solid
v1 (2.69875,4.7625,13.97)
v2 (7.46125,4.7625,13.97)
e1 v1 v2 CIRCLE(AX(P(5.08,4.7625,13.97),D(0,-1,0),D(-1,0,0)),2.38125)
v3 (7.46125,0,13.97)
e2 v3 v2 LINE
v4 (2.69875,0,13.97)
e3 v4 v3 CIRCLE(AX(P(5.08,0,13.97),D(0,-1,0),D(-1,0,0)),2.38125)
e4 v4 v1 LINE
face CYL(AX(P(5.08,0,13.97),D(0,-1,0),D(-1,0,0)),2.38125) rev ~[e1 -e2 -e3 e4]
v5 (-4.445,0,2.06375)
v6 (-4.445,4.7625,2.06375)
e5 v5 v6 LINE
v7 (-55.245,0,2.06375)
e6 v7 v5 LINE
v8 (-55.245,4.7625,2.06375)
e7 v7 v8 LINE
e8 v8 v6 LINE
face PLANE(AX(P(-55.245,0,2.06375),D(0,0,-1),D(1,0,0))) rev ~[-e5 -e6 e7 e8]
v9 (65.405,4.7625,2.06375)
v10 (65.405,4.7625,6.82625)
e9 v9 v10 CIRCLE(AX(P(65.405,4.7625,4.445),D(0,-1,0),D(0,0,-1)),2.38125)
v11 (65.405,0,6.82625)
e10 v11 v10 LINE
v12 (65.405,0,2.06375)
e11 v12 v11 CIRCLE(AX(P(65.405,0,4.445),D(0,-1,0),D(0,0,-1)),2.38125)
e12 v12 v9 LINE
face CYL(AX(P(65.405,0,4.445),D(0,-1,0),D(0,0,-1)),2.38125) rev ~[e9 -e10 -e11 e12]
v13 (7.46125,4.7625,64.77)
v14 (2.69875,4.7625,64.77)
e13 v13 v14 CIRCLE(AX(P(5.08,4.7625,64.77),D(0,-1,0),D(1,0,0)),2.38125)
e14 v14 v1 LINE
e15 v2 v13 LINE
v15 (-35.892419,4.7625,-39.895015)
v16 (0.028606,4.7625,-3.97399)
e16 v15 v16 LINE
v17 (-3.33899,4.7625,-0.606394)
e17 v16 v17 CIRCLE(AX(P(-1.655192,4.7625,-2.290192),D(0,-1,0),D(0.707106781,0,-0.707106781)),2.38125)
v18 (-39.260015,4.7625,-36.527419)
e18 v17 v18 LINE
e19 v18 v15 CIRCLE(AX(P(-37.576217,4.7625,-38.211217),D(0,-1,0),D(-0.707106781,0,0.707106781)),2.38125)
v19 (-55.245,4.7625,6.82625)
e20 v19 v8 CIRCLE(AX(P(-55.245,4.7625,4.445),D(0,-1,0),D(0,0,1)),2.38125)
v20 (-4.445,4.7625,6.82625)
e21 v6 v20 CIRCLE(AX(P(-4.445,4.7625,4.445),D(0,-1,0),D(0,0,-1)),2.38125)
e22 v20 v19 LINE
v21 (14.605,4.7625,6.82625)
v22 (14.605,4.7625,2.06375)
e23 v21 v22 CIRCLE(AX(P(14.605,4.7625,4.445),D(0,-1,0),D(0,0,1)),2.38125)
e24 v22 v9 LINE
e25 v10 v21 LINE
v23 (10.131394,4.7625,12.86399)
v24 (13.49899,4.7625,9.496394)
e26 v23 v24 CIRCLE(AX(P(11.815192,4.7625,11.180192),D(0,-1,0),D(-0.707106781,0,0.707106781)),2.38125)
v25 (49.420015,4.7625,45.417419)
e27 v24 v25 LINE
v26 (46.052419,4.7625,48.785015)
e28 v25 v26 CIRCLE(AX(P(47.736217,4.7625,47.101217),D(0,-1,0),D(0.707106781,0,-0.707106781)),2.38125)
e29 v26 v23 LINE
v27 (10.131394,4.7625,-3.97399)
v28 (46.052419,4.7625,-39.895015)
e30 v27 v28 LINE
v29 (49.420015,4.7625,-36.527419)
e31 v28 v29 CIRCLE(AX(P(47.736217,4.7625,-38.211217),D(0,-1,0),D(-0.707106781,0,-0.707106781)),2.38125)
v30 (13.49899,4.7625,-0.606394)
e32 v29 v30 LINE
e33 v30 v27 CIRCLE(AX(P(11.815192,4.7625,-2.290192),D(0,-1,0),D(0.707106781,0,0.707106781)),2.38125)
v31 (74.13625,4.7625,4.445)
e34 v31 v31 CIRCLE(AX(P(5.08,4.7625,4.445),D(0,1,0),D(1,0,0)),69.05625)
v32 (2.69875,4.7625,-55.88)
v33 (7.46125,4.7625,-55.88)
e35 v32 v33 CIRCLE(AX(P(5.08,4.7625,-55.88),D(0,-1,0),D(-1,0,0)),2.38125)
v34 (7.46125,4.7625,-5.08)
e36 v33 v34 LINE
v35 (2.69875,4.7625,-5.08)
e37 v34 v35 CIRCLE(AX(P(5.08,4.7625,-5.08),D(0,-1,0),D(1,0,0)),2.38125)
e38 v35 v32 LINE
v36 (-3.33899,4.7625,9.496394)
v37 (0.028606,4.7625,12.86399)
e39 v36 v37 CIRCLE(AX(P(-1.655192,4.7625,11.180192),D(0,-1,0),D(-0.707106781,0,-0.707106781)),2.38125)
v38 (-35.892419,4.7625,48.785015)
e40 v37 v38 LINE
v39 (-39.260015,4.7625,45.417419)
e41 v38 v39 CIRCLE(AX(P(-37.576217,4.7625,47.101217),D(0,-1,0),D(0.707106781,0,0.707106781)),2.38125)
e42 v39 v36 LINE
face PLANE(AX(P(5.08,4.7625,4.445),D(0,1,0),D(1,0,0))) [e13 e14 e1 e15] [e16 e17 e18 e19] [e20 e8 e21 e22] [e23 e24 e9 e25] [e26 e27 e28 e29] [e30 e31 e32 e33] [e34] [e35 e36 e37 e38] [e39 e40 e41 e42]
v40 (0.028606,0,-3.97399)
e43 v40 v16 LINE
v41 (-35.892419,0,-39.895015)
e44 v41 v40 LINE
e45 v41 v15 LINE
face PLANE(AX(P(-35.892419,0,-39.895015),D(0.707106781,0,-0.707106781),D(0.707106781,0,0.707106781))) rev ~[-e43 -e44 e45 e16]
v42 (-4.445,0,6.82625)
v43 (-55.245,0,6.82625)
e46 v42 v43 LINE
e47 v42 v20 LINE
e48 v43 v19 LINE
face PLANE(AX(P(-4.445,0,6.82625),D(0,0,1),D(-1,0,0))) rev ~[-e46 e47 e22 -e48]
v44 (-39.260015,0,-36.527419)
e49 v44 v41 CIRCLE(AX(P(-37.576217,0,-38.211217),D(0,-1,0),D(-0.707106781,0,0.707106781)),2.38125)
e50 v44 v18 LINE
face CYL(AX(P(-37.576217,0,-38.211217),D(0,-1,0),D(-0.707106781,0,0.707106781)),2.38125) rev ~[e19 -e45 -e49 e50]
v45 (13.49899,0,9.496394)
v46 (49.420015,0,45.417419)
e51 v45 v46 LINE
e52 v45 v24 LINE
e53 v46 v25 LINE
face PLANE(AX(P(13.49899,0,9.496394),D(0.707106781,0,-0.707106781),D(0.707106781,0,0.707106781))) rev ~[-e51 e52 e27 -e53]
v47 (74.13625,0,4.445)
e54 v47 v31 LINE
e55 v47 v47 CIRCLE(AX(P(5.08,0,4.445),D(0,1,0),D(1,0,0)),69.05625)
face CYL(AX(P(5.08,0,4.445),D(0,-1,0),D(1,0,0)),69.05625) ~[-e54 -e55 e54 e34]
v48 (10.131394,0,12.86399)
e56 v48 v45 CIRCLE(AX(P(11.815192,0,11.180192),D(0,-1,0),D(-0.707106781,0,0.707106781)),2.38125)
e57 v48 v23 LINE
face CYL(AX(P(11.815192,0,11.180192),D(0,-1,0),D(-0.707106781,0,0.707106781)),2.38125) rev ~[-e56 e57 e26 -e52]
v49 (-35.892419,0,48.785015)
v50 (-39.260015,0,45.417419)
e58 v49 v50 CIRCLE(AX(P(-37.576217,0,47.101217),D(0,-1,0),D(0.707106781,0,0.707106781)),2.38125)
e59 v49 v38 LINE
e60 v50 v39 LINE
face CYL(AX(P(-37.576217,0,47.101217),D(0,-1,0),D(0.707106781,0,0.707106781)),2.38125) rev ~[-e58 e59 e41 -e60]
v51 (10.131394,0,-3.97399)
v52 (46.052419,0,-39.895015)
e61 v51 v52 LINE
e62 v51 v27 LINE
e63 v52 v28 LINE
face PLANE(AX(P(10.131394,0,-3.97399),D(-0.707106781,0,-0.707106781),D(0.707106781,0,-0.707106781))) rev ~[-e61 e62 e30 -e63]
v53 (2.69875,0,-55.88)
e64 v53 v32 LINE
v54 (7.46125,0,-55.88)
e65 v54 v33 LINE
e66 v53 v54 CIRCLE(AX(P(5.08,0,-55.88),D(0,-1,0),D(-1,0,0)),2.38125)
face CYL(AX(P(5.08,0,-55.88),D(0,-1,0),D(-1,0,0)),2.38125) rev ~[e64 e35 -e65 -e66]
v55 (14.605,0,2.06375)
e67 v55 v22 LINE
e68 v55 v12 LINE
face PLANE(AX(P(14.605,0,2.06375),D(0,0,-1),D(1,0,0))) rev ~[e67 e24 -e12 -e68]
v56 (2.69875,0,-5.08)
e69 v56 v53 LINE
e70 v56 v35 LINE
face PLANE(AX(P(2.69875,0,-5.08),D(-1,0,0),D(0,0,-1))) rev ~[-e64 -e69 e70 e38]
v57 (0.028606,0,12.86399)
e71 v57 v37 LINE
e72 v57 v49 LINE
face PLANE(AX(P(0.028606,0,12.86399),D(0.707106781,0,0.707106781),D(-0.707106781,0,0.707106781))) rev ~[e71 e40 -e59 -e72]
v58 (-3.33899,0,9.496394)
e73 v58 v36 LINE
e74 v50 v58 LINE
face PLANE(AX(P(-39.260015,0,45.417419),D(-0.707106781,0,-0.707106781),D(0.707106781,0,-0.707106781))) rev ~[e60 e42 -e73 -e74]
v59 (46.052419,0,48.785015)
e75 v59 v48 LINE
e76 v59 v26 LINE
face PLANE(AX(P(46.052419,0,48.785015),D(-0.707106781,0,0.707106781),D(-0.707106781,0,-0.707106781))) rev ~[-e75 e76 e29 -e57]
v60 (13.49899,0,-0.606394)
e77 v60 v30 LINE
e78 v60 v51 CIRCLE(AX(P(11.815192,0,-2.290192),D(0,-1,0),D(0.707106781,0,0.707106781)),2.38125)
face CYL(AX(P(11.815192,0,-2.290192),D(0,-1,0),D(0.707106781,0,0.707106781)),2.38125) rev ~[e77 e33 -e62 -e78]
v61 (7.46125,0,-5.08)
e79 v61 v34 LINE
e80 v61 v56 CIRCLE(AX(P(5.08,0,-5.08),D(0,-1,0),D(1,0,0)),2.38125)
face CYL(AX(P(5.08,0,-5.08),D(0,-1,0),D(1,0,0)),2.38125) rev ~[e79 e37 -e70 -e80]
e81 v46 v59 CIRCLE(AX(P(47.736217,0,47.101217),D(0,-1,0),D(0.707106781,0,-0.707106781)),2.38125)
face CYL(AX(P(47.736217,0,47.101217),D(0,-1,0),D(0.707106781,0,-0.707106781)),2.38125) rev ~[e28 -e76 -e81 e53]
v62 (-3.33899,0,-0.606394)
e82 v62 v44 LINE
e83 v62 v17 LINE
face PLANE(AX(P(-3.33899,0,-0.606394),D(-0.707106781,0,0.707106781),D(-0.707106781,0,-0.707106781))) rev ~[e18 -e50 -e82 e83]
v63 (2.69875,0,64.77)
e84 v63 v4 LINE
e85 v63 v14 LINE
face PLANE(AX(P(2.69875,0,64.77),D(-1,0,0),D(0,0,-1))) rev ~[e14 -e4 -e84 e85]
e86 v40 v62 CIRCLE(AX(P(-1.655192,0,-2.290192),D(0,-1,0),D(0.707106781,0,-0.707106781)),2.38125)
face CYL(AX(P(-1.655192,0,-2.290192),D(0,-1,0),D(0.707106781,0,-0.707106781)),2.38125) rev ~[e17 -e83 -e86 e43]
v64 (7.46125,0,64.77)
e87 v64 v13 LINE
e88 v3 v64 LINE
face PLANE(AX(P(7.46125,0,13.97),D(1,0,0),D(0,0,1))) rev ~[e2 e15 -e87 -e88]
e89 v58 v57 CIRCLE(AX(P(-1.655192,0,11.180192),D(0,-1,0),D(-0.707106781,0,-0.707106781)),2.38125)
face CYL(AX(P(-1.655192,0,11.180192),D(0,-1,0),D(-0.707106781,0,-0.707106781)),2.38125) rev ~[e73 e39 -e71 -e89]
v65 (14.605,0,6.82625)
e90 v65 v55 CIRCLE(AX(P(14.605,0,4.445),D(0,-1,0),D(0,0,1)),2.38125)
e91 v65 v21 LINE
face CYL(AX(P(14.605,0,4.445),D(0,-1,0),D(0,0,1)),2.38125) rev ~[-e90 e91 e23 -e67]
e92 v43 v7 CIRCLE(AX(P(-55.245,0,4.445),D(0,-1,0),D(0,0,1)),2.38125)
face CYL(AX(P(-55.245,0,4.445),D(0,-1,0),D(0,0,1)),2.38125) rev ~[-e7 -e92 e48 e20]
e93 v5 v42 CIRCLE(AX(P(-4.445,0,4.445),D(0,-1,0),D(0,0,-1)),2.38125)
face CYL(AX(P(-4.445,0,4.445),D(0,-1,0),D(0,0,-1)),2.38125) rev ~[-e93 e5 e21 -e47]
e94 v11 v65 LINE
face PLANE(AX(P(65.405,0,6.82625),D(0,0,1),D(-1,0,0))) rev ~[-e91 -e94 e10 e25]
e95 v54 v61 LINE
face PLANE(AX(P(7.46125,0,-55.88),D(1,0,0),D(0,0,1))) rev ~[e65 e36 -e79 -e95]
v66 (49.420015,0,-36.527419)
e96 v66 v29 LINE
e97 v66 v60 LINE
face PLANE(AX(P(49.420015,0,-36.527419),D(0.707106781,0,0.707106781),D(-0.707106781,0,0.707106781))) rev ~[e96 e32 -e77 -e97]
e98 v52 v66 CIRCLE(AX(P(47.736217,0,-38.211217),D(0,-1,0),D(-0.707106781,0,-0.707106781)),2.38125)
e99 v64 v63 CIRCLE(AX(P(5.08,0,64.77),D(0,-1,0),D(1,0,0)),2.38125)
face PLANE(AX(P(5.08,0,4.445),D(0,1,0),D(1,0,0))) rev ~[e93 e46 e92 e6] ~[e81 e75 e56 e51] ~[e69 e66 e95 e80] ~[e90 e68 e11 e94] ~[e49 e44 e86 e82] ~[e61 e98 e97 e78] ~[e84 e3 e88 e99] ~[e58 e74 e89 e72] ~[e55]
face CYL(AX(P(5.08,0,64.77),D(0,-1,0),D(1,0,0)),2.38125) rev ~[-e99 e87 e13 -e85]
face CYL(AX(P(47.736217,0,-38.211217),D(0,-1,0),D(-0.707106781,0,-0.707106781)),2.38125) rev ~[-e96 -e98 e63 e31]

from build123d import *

# Parameters (mm, degrees)
SKETCH1_R           = 69.05625
BOSS_EXTRUDE1_DEPTH = 4.7625


with BuildPart() as part:
    # Sketch1 → Boss-Extrude1 (new body)
    with BuildSketch(Plane(origin=(0, 0, 0), x_dir=(1, 0, 0), z_dir=(0, 1, 0))):
        with Locations((5.08, -4.445)):
            Circle(SKETCH1_R)
        with BuildLine():
            Line((2.69875, 5.08), (2.69875, 55.88))
            ThreePointArc((2.69875, 55.88), (5.08, 58.26125), (7.46125, 55.88))
            Line((7.46125, 55.88), (7.46125, 5.08))
            ThreePointArc((7.46125, 5.08), (5.08, 2.69875), (2.69875, 5.08))
        make_face(mode=Mode.SUBTRACT)
        with BuildLine():
            Line((10.131394068, 3.973990114), (46.052418552, 39.895014598))
            ThreePointArc((46.052418552, 39.895014598), (49.420014598, 39.895014598), (49.420014598, 36.527418552))
            Line((49.420014598, 36.527418552), (13.498990114, 0.606394068))
            ThreePointArc((13.498990114, 0.606394068), (10.131394068, 0.606394068), (10.131394068, 3.973990114))
        make_face(mode=Mode.SUBTRACT)
        with BuildLine():
            Line((14.605, -2.06375), (65.405, -2.06375))
            ThreePointArc((65.405, -2.06375), (67.78625, -4.445), (65.405, -6.82625))
            Line((65.405, -6.82625), (14.605, -6.82625))
            ThreePointArc((14.605, -6.82625), (12.22375, -4.445), (14.605, -2.06375))
        make_face(mode=Mode.SUBTRACT)
        with BuildLine():
            Line((13.498990114, -9.496394068), (49.420014598, -45.417418552))
            ThreePointArc((49.420014598, -45.417418552), (49.420014598, -48.785014598), (46.052418552, -48.785014598))
            Line((46.052418552, -48.785014598), (10.131394068, -12.863990114))
            ThreePointArc((10.131394068, -12.863990114), (10.131394068, -9.496394068), (13.498990114, -9.496394068))
        make_face(mode=Mode.SUBTRACT)
        with BuildLine():
            Line((7.46125, -13.97), (7.46125, -64.77))
            ThreePointArc((7.46125, -64.77), (5.08, -67.15125), (2.69875, -64.77))
            Line((2.69875, -64.77), (2.69875, -13.97))
            ThreePointArc((2.69875, -13.97), (5.08, -11.58875), (7.46125, -13.97))
        make_face(mode=Mode.SUBTRACT)
        with BuildLine():
            Line((0.028605932, -12.863990114), (-35.892418552, -48.785014598))
            ThreePointArc((-35.892418552, -48.785014598), (-39.260014598, -48.785014598), (-39.260014598, -45.417418552))
            Line((-39.260014598, -45.417418552), (-3.338990114, -9.496394068))
            ThreePointArc((-3.338990114, -9.496394068), (0.028605932, -9.496394068), (0.028605932, -12.863990114))
        make_face(mode=Mode.SUBTRACT)
        with BuildLine():
            Line((-4.445, -6.82625), (-55.245, -6.82625))
            ThreePointArc((-55.245, -6.82625), (-57.62625, -4.445), (-55.245, -2.06375))
            Line((-55.245, -2.06375), (-4.445, -2.06375))
            ThreePointArc((-4.445, -2.06375), (-2.06375, -4.445), (-4.445, -6.82625))
        make_face(mode=Mode.SUBTRACT)
        with BuildLine():
            Line((-3.338990114, 0.606394068), (-39.260014598, 36.527418552))
            ThreePointArc((-39.260014598, 36.527418552), (-39.260014598, 39.895014598), (-35.892418552, 39.895014598))
            Line((-35.892418552, 39.895014598), (0.028605932, 3.973990114))
            ThreePointArc((0.028605932, 3.973990114), (0.028605932, 0.606394068), (-3.338990114, 0.606394068))
        make_face(mode=Mode.SUBTRACT)
    extrude(amount=BOSS_EXTRUDE1_DEPTH)


solid = part.part
